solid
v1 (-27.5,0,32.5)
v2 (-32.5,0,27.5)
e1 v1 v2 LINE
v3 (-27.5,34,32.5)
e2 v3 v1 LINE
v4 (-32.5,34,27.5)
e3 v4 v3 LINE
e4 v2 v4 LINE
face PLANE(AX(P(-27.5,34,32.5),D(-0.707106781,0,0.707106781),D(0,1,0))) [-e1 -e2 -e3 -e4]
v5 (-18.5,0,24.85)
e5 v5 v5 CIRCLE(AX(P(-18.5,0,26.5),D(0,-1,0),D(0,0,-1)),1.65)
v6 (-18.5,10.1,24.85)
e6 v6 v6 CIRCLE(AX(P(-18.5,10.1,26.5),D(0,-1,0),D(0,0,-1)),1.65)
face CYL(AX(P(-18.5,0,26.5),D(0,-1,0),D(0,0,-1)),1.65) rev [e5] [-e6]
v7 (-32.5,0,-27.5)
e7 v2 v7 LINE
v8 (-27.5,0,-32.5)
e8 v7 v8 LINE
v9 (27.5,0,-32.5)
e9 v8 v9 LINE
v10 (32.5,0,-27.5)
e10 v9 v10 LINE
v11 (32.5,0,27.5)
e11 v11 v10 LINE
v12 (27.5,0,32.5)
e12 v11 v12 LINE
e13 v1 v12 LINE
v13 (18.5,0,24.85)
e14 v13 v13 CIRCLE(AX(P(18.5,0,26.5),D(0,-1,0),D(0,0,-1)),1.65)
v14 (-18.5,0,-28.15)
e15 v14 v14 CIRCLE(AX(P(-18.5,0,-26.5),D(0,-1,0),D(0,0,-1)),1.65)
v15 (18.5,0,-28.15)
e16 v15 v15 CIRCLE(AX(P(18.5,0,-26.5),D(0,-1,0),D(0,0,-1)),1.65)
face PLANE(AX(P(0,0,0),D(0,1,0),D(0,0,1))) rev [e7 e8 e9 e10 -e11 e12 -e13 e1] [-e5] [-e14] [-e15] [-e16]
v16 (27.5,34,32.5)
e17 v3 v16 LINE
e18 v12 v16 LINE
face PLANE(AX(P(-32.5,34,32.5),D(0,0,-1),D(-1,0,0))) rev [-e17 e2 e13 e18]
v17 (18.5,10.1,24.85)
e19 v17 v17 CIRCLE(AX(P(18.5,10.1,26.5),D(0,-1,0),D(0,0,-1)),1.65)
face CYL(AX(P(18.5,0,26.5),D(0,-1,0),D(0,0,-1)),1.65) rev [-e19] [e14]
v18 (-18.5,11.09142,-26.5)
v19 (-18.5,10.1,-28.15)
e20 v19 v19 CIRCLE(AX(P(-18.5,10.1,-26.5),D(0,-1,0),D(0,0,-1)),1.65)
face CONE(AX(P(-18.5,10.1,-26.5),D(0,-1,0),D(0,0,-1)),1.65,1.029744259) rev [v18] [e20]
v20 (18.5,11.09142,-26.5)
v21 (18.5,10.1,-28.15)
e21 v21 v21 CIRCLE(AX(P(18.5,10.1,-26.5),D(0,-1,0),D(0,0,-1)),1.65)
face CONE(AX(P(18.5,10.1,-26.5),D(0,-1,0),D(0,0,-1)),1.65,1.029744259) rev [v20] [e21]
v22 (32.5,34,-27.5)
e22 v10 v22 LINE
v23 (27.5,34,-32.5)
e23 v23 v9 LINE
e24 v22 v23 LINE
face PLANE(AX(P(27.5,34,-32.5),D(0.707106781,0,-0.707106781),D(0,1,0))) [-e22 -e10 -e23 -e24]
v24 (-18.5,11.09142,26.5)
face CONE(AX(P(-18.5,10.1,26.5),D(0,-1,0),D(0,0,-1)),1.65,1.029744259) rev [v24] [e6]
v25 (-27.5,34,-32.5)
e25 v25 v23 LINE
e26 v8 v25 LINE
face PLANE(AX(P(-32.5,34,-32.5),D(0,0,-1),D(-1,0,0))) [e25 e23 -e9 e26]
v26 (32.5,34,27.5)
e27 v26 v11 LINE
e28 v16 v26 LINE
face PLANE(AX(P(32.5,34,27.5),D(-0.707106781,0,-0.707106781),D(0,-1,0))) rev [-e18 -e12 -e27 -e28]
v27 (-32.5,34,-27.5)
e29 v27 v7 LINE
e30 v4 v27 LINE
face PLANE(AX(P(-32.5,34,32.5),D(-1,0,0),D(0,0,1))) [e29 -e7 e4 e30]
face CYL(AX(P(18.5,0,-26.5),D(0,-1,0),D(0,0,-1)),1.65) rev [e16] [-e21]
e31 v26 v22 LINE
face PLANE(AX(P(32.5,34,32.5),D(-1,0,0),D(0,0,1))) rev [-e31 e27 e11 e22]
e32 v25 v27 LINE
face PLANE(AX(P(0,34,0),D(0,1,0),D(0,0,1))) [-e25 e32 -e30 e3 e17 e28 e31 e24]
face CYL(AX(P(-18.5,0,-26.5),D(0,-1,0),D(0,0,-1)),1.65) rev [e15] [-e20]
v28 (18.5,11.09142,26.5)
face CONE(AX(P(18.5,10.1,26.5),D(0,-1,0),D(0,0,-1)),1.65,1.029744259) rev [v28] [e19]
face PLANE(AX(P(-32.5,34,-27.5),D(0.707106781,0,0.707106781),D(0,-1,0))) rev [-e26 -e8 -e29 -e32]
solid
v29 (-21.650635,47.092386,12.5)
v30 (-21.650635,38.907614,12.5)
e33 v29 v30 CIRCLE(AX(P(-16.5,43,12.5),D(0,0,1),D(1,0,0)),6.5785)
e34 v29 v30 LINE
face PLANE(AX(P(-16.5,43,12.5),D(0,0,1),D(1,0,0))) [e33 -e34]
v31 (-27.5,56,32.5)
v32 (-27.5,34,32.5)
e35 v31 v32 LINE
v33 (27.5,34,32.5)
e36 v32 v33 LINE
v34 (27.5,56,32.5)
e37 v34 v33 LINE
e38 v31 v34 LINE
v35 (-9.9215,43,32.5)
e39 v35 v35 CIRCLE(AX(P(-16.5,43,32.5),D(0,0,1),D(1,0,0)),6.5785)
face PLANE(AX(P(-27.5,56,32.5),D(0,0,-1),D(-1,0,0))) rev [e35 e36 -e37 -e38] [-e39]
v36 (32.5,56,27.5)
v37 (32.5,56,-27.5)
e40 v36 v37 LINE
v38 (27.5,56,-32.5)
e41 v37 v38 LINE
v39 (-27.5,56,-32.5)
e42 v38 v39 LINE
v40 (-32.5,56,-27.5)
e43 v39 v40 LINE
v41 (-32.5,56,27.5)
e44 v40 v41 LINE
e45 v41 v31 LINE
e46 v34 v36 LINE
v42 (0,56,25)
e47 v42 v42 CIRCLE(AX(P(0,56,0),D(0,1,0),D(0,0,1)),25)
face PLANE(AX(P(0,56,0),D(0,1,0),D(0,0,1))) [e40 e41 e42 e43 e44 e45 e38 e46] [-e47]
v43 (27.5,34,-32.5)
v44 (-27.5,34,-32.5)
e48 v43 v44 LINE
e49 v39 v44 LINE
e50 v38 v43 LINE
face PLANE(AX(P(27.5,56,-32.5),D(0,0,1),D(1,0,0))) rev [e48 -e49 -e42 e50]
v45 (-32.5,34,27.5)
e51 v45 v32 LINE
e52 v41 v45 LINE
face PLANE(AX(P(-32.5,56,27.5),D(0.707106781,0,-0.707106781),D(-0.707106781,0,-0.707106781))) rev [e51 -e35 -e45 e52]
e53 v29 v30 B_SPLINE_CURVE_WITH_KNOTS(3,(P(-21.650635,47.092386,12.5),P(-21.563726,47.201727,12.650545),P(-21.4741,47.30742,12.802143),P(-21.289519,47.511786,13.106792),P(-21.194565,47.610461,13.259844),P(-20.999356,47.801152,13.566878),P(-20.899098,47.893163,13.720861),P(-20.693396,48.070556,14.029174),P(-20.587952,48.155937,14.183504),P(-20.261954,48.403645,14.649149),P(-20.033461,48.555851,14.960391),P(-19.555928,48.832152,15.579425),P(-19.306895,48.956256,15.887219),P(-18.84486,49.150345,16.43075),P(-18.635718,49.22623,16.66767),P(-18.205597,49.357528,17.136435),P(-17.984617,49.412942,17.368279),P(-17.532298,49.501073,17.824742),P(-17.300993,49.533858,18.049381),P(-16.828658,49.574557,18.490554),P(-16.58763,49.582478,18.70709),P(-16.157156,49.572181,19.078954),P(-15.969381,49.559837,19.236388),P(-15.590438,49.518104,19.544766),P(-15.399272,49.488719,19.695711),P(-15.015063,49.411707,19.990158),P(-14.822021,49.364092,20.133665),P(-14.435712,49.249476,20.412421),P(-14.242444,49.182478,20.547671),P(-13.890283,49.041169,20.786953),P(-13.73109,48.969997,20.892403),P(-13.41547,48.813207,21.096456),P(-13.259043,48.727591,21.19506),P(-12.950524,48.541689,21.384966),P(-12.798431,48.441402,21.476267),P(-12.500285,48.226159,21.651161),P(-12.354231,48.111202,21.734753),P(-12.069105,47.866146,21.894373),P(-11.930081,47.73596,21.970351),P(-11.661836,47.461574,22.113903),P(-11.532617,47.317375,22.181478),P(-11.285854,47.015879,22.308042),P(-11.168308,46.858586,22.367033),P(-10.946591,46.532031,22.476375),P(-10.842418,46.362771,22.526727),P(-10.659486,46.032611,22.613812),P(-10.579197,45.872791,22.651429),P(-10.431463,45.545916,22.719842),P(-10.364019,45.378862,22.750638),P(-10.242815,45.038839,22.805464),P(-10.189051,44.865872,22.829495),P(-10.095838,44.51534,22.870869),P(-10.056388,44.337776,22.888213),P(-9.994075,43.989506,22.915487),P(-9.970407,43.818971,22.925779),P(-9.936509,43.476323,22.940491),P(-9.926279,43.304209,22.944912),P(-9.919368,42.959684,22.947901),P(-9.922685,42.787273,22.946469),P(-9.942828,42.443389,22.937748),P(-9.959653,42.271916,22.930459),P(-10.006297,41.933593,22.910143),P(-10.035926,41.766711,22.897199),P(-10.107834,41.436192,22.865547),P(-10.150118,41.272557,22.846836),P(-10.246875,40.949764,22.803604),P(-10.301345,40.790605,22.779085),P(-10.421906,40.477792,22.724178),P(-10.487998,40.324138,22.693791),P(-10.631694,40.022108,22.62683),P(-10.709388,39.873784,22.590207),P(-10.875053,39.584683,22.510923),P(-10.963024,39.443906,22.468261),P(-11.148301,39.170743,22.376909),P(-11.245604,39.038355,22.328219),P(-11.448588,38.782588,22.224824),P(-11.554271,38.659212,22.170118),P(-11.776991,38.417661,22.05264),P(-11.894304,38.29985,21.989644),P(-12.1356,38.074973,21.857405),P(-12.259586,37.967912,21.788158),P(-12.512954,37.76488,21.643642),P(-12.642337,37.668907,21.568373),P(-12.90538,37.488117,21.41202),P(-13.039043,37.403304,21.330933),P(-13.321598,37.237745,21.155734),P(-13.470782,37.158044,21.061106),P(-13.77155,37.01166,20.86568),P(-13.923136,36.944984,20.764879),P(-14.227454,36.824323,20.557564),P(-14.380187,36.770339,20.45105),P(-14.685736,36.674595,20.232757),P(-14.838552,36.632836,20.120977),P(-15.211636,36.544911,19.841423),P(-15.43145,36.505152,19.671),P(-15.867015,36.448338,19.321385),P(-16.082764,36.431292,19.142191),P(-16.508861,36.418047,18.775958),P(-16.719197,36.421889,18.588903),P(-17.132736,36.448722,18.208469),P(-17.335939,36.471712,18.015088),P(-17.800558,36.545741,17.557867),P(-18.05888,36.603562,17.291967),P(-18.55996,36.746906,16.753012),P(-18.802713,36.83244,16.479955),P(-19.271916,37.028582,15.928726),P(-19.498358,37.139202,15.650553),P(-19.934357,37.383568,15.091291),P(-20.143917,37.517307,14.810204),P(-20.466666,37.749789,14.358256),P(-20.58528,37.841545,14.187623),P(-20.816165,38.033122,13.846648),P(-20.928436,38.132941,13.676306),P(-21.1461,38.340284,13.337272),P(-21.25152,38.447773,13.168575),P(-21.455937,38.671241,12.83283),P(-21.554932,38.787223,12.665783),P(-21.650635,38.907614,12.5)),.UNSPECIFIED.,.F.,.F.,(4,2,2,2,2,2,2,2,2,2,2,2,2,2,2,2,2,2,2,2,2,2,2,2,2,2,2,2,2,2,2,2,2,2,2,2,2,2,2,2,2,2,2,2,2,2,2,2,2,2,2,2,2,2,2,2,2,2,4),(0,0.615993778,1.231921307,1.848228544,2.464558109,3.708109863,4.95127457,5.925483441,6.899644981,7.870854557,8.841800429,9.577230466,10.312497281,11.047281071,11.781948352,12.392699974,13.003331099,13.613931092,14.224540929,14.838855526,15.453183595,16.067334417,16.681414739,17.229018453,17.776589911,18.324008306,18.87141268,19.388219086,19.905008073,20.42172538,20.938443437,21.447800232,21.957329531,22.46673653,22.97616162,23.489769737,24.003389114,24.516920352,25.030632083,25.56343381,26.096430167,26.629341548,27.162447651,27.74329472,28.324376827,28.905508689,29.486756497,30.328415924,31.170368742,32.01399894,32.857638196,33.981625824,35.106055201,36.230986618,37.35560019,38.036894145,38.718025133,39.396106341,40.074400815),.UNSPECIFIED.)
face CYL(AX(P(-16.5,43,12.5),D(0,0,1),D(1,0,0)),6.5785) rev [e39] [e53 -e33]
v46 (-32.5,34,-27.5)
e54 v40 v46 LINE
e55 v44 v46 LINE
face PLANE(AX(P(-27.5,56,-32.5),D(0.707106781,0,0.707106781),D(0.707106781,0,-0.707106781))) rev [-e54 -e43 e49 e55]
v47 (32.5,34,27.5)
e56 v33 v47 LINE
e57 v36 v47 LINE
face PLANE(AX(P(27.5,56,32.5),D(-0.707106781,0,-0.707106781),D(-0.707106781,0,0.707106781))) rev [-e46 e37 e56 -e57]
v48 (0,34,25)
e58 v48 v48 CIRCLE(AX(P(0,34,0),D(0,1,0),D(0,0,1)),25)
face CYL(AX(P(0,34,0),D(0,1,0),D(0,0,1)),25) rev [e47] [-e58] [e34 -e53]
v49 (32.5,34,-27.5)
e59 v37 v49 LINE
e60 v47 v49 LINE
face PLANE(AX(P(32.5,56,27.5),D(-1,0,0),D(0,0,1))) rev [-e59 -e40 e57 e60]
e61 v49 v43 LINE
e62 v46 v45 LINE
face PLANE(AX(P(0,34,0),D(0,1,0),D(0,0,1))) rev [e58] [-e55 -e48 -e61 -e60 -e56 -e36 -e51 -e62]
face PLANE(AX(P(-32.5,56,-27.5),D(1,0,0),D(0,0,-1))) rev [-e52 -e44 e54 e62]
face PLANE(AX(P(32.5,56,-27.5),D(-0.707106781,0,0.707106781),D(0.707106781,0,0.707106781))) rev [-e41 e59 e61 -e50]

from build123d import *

# Parameters (mm, degrees)
SKETCH1_W                      = 65
SKETCH1_H                      = 65
BOSS_EXTRUDE1_DEPTH            = 34
CHAMFER1_SIZE                  = 5
BOSS_EXTRUDE2_DEPTH            = 22
SKETCH3_R                      = 6.5785
CUT_EXTRUDE1_DEPTH             = 20
CUT_EXTRUDE2_START             = 56
SKETCH1_3_R                    = 25
CUT_EXTRUDE2_DEPTH             = 22
M4X0_7_TAPPED_HOLE1_AT_2_COUNT = 2
M4X0_7_TAPPED_HOLE1_AT_2_PITCH = 37
M4X0_7_TAPPED_HOLE1_AT_3_COUNT = 2
M4X0_7_TAPPED_HOLE1_AT_3_PITCH = 53
M4X0_7_TAPPED_HOLE1_AT_4_COUNT = 2
M4X0_7_TAPPED_HOLE1_AT_4_PITCH = 64.637450445


with BuildPart() as part:
    # Sketch1 → Boss-Extrude1 (new body)
    with BuildSketch(Plane(origin=(0, 0, 0), x_dir=(1, 0, 0), z_dir=(0, 1, 0))):
        Rectangle(SKETCH1_W, SKETCH1_H)
    extrude(amount=BOSS_EXTRUDE1_DEPTH)

    # Chamfer1
    chamfer1_edges = [part.edges().sort_by_distance(p)[0] for p in [
        (-32.5, 17, 32.5),
        (-32.5, 17, -32.5),
        (32.5, 17, -32.5),
        (32.5, 17, 32.5),
    ]]
    chamfer(chamfer1_edges, length=CHAMFER1_SIZE)

    # Sketch5 → M4x0.7 Tapped Hole1 (revolve, cut)
    with BuildSketch(Plane(origin=(18.5, 0, -26.5), x_dir=(0, 0, -1), z_dir=(1, 0, 0))):
        Polygon((0, 0), (0, 11.091420021), (1.65, 10.1), (1.65, 0), align=None)
    m4x0_7_tapped_hole1 = revolve(axis=Axis((18.5, -6.35, -26.5), (0, 1, 0)), mode=Mode.SUBTRACT)

    # M4x0.7 Tapped Hole1 at 2: M4x0.7 Tapped Hole1 ×2
    with Locations(*[(-i * M4X0_7_TAPPED_HOLE1_AT_2_PITCH, 0, 0) for i in range(1, M4X0_7_TAPPED_HOLE1_AT_2_COUNT)]):
        add(m4x0_7_tapped_hole1, mode=Mode.SUBTRACT)

    # M4x0.7 Tapped Hole1 at 3: M4x0.7 Tapped Hole1 ×2
    with Locations(*[(0, 0, i * M4X0_7_TAPPED_HOLE1_AT_3_PITCH) for i in range(1, M4X0_7_TAPPED_HOLE1_AT_3_COUNT)]):
        add(m4x0_7_tapped_hole1, mode=Mode.SUBTRACT)

    # M4x0.7 Tapped Hole1 at 4: M4x0.7 Tapped Hole1 ×2
    with Locations(*[Vector(-0.5724235678450125, 0, 0.8199580836698828) * (i * M4X0_7_TAPPED_HOLE1_AT_4_PITCH) for i in range(1, M4X0_7_TAPPED_HOLE1_AT_4_COUNT)]):
        add(m4x0_7_tapped_hole1, mode=Mode.SUBTRACT)


with BuildPart() as body_2:
    # Sketch2 → Boss-Extrude2 (new body)
    with BuildSketch(Plane(origin=(0, 34, 0), x_dir=(1, 0, 0), z_dir=(0, 1, 0))):
        Polygon((27.5, 32.5), (-27.5, 32.5), (-32.5, 27.5), (-32.5, -27.5), (-27.5, -32.5), (27.5, -32.5), (32.5, -27.5), (32.5, 27.5), align=None)
    extrude(amount=BOSS_EXTRUDE2_DEPTH)

    # Sketch3 → Cut-Extrude1 (cut)
    with BuildSketch(Plane.XY.offset(32.5)):
        with Locations((-16.5, 43)):
            Circle(SKETCH3_R)
    extrude(amount=-CUT_EXTRUDE1_DEPTH, mode=Mode.SUBTRACT)

    # Sketch1<3> → Cut-Extrude2 (cut)
    with BuildSketch(Plane(origin=(0, 0, 0), x_dir=(1, 0, 0), z_dir=(0, 1, 0)).offset(CUT_EXTRUDE2_START)):
        with Locations(Location((0, 0, 0), (0, 0, 270))):
            Circle(SKETCH1_3_R)
    extrude(amount=-CUT_EXTRUDE2_DEPTH, mode=Mode.SUBTRACT)


solid = Compound([part.part, body_2.part])
